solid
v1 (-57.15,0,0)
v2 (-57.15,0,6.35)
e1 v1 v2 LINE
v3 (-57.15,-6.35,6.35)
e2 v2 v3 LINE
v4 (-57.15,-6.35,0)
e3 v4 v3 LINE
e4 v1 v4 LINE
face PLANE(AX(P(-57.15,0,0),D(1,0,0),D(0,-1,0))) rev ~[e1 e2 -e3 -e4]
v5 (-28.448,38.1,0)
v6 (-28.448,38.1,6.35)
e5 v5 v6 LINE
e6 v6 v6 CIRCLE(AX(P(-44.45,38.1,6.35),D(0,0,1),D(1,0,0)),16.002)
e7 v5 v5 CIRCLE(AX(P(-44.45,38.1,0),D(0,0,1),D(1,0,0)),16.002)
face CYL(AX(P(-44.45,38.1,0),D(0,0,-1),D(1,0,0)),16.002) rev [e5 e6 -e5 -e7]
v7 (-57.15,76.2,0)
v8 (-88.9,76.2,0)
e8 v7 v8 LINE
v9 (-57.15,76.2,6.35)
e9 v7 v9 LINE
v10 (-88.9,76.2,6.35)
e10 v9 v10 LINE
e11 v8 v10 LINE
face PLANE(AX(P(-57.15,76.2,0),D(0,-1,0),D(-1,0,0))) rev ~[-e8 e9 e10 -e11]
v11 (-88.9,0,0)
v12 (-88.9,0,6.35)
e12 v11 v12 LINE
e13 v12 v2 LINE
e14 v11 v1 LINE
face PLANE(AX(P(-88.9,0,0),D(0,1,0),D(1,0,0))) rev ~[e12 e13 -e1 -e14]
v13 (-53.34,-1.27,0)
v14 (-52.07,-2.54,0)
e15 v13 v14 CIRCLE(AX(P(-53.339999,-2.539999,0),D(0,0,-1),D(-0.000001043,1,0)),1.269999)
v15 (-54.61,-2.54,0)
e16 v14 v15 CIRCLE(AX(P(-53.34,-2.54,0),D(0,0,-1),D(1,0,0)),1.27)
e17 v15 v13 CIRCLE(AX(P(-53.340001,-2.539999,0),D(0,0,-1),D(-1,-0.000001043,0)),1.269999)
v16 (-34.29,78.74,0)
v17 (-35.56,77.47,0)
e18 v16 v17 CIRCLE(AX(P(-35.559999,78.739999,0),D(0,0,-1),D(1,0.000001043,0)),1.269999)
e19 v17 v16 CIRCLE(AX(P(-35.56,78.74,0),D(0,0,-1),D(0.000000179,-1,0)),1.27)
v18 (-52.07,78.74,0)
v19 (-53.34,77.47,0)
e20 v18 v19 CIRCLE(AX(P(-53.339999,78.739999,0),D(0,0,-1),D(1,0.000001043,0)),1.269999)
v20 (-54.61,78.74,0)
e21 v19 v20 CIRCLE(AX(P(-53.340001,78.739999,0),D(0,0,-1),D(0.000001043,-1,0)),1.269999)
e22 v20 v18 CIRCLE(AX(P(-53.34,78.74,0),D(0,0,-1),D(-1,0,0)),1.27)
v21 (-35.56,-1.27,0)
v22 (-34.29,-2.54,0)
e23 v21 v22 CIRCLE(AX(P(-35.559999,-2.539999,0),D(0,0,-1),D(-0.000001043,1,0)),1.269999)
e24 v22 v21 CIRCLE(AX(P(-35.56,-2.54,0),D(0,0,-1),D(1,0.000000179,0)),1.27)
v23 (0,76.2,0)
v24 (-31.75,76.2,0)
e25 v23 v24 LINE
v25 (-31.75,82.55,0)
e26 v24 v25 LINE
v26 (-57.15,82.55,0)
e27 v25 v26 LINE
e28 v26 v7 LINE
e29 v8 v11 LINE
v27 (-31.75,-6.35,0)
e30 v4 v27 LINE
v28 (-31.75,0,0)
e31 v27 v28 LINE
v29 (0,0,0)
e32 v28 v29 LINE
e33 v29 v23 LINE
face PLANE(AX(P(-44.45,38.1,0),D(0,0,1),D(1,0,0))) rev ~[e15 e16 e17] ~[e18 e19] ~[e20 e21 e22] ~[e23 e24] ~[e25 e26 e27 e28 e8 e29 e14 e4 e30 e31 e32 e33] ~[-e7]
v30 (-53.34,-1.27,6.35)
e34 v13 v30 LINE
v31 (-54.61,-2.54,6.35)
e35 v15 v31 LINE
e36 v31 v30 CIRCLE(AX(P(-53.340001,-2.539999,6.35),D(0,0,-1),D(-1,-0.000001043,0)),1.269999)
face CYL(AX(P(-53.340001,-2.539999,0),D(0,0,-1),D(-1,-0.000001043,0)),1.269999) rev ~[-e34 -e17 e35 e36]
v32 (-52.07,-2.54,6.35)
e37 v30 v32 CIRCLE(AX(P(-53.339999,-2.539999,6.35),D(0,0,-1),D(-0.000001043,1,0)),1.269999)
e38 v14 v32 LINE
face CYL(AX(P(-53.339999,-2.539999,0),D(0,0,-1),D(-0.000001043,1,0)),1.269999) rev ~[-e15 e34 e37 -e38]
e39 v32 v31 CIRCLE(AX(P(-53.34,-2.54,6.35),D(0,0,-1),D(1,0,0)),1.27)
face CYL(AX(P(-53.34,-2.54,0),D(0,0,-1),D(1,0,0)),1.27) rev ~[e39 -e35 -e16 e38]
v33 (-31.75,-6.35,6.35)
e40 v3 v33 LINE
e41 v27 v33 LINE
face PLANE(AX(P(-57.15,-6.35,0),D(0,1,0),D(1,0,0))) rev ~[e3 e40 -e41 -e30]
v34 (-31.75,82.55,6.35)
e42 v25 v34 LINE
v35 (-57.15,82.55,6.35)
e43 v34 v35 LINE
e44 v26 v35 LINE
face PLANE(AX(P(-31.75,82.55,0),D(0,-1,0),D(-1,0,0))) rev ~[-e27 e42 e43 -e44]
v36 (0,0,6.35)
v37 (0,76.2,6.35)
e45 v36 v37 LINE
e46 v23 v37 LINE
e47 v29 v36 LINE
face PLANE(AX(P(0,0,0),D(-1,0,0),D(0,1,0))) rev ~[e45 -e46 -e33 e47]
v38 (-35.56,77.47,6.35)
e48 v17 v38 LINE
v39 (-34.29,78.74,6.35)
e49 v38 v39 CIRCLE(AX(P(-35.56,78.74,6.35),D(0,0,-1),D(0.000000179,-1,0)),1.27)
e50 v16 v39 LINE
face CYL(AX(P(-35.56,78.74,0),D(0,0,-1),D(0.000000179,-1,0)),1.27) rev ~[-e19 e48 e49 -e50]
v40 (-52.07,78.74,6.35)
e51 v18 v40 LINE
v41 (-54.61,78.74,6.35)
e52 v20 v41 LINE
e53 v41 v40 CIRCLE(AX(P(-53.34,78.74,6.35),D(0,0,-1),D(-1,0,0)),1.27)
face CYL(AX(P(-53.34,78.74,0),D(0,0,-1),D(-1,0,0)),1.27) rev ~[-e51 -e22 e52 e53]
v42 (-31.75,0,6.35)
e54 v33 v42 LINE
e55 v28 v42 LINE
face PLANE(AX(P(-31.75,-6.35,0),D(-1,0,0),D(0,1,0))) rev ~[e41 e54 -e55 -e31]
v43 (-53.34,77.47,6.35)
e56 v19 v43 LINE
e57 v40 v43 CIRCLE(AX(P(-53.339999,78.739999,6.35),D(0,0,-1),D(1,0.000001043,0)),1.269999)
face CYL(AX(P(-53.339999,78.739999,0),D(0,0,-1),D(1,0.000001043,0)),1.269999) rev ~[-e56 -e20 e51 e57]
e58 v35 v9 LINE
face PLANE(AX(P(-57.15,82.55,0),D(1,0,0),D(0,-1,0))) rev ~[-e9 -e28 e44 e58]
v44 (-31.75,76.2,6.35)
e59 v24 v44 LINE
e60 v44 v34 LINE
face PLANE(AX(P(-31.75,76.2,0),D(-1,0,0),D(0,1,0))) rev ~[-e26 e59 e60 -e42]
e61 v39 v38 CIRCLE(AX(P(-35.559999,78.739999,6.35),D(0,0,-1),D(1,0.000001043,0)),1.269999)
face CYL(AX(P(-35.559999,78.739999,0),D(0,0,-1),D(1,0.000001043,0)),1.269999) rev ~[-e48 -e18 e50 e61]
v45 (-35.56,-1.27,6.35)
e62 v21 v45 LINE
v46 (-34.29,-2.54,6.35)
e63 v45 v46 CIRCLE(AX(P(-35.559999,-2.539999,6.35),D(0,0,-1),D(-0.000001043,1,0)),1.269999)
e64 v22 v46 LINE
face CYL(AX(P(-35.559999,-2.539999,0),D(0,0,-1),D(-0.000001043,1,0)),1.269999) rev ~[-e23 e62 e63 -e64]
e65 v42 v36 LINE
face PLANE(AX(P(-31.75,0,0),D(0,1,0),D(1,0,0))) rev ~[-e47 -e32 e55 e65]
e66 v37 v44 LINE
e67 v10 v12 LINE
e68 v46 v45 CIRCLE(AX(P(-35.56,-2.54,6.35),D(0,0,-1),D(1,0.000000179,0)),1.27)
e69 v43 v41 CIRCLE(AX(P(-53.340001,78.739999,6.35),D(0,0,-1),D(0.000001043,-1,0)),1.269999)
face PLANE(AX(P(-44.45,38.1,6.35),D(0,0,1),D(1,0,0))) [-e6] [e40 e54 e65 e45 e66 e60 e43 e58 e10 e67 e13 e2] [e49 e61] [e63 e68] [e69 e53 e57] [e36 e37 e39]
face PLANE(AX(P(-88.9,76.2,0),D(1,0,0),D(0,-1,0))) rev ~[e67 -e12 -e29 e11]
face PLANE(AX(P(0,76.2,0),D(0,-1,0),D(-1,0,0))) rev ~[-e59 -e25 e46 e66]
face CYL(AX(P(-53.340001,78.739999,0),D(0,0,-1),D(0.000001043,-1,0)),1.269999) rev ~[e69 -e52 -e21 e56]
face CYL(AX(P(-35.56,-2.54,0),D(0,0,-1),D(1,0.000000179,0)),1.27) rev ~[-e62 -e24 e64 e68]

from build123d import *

# Parameters (mm, degrees)
F0_R     = 16.002
F1_DEPTH = 6.35


with BuildPart() as f1:
    # F0 (on Top) → F1 (new body)
    with BuildSketch(Plane.XY):
        Polygon((-31.75, 0), (0, 0), (0, 38.1), (0, 76.2), (-31.75, 76.2), (-35.56, 76.2), (-53.34, 76.2), (-57.15, 76.2), (-88.9, 76.2), (-88.9, 0), (-57.15, 0), (-53.34, 0), (-35.56, 0), align=None)
        with Locations((-44.45, 38.1)):
            Circle(F0_R, mode=Mode.SUBTRACT)
        Polygon((-35.56, 76.2), (-31.75, 76.2), (-31.75, 78.74), (-31.75, 82.55), (-57.15, 82.55), (-57.15, 78.74), (-57.15, 76.2), (-53.34, 76.2), align=None)
        with BuildLine():
            ThreePointArc((-53.34, 77.47), (-54.238026, 77.841974), (-54.61, 78.74))
            ThreePointArc((-54.61, 78.74), (-53.34, 80.01), (-52.07, 78.74))
            ThreePointArc((-52.07, 78.74), (-52.441974, 77.841974), (-53.34, 77.47))
        make_face(mode=Mode.SUBTRACT)
        with BuildLine():
            ThreePointArc((-35.56, 77.47), (-36.458026, 79.638026), (-34.29, 78.74))
            ThreePointArc((-34.29, 78.74), (-34.661974, 77.841974), (-35.56, 77.47))
        make_face(mode=Mode.SUBTRACT)
        Polygon((-31.75, -2.54), (-31.75, 0), (-35.56, 0), (-53.34, 0), (-57.15, 0), (-57.15, -2.54), (-57.15, -6.35), (-31.75, -6.35), align=None)
        with BuildLine():
            ThreePointArc((-52.07, -2.54), (-53.34, -3.81), (-54.61, -2.54))
            ThreePointArc((-54.61, -2.54), (-54.238026, -1.641974), (-53.34, -1.27))
            ThreePointArc((-53.34, -1.27), (-52.441974, -1.641974), (-52.07, -2.54))
        make_face(mode=Mode.SUBTRACT)
        with BuildLine():
            ThreePointArc((-35.56, -1.27), (-34.661974, -1.641974), (-34.29, -2.54))
            ThreePointArc((-34.29, -2.54), (-36.458026, -3.438026), (-35.56, -1.27))
        make_face(mode=Mode.SUBTRACT)
    extrude(amount=F1_DEPTH)


solid = f1.part
